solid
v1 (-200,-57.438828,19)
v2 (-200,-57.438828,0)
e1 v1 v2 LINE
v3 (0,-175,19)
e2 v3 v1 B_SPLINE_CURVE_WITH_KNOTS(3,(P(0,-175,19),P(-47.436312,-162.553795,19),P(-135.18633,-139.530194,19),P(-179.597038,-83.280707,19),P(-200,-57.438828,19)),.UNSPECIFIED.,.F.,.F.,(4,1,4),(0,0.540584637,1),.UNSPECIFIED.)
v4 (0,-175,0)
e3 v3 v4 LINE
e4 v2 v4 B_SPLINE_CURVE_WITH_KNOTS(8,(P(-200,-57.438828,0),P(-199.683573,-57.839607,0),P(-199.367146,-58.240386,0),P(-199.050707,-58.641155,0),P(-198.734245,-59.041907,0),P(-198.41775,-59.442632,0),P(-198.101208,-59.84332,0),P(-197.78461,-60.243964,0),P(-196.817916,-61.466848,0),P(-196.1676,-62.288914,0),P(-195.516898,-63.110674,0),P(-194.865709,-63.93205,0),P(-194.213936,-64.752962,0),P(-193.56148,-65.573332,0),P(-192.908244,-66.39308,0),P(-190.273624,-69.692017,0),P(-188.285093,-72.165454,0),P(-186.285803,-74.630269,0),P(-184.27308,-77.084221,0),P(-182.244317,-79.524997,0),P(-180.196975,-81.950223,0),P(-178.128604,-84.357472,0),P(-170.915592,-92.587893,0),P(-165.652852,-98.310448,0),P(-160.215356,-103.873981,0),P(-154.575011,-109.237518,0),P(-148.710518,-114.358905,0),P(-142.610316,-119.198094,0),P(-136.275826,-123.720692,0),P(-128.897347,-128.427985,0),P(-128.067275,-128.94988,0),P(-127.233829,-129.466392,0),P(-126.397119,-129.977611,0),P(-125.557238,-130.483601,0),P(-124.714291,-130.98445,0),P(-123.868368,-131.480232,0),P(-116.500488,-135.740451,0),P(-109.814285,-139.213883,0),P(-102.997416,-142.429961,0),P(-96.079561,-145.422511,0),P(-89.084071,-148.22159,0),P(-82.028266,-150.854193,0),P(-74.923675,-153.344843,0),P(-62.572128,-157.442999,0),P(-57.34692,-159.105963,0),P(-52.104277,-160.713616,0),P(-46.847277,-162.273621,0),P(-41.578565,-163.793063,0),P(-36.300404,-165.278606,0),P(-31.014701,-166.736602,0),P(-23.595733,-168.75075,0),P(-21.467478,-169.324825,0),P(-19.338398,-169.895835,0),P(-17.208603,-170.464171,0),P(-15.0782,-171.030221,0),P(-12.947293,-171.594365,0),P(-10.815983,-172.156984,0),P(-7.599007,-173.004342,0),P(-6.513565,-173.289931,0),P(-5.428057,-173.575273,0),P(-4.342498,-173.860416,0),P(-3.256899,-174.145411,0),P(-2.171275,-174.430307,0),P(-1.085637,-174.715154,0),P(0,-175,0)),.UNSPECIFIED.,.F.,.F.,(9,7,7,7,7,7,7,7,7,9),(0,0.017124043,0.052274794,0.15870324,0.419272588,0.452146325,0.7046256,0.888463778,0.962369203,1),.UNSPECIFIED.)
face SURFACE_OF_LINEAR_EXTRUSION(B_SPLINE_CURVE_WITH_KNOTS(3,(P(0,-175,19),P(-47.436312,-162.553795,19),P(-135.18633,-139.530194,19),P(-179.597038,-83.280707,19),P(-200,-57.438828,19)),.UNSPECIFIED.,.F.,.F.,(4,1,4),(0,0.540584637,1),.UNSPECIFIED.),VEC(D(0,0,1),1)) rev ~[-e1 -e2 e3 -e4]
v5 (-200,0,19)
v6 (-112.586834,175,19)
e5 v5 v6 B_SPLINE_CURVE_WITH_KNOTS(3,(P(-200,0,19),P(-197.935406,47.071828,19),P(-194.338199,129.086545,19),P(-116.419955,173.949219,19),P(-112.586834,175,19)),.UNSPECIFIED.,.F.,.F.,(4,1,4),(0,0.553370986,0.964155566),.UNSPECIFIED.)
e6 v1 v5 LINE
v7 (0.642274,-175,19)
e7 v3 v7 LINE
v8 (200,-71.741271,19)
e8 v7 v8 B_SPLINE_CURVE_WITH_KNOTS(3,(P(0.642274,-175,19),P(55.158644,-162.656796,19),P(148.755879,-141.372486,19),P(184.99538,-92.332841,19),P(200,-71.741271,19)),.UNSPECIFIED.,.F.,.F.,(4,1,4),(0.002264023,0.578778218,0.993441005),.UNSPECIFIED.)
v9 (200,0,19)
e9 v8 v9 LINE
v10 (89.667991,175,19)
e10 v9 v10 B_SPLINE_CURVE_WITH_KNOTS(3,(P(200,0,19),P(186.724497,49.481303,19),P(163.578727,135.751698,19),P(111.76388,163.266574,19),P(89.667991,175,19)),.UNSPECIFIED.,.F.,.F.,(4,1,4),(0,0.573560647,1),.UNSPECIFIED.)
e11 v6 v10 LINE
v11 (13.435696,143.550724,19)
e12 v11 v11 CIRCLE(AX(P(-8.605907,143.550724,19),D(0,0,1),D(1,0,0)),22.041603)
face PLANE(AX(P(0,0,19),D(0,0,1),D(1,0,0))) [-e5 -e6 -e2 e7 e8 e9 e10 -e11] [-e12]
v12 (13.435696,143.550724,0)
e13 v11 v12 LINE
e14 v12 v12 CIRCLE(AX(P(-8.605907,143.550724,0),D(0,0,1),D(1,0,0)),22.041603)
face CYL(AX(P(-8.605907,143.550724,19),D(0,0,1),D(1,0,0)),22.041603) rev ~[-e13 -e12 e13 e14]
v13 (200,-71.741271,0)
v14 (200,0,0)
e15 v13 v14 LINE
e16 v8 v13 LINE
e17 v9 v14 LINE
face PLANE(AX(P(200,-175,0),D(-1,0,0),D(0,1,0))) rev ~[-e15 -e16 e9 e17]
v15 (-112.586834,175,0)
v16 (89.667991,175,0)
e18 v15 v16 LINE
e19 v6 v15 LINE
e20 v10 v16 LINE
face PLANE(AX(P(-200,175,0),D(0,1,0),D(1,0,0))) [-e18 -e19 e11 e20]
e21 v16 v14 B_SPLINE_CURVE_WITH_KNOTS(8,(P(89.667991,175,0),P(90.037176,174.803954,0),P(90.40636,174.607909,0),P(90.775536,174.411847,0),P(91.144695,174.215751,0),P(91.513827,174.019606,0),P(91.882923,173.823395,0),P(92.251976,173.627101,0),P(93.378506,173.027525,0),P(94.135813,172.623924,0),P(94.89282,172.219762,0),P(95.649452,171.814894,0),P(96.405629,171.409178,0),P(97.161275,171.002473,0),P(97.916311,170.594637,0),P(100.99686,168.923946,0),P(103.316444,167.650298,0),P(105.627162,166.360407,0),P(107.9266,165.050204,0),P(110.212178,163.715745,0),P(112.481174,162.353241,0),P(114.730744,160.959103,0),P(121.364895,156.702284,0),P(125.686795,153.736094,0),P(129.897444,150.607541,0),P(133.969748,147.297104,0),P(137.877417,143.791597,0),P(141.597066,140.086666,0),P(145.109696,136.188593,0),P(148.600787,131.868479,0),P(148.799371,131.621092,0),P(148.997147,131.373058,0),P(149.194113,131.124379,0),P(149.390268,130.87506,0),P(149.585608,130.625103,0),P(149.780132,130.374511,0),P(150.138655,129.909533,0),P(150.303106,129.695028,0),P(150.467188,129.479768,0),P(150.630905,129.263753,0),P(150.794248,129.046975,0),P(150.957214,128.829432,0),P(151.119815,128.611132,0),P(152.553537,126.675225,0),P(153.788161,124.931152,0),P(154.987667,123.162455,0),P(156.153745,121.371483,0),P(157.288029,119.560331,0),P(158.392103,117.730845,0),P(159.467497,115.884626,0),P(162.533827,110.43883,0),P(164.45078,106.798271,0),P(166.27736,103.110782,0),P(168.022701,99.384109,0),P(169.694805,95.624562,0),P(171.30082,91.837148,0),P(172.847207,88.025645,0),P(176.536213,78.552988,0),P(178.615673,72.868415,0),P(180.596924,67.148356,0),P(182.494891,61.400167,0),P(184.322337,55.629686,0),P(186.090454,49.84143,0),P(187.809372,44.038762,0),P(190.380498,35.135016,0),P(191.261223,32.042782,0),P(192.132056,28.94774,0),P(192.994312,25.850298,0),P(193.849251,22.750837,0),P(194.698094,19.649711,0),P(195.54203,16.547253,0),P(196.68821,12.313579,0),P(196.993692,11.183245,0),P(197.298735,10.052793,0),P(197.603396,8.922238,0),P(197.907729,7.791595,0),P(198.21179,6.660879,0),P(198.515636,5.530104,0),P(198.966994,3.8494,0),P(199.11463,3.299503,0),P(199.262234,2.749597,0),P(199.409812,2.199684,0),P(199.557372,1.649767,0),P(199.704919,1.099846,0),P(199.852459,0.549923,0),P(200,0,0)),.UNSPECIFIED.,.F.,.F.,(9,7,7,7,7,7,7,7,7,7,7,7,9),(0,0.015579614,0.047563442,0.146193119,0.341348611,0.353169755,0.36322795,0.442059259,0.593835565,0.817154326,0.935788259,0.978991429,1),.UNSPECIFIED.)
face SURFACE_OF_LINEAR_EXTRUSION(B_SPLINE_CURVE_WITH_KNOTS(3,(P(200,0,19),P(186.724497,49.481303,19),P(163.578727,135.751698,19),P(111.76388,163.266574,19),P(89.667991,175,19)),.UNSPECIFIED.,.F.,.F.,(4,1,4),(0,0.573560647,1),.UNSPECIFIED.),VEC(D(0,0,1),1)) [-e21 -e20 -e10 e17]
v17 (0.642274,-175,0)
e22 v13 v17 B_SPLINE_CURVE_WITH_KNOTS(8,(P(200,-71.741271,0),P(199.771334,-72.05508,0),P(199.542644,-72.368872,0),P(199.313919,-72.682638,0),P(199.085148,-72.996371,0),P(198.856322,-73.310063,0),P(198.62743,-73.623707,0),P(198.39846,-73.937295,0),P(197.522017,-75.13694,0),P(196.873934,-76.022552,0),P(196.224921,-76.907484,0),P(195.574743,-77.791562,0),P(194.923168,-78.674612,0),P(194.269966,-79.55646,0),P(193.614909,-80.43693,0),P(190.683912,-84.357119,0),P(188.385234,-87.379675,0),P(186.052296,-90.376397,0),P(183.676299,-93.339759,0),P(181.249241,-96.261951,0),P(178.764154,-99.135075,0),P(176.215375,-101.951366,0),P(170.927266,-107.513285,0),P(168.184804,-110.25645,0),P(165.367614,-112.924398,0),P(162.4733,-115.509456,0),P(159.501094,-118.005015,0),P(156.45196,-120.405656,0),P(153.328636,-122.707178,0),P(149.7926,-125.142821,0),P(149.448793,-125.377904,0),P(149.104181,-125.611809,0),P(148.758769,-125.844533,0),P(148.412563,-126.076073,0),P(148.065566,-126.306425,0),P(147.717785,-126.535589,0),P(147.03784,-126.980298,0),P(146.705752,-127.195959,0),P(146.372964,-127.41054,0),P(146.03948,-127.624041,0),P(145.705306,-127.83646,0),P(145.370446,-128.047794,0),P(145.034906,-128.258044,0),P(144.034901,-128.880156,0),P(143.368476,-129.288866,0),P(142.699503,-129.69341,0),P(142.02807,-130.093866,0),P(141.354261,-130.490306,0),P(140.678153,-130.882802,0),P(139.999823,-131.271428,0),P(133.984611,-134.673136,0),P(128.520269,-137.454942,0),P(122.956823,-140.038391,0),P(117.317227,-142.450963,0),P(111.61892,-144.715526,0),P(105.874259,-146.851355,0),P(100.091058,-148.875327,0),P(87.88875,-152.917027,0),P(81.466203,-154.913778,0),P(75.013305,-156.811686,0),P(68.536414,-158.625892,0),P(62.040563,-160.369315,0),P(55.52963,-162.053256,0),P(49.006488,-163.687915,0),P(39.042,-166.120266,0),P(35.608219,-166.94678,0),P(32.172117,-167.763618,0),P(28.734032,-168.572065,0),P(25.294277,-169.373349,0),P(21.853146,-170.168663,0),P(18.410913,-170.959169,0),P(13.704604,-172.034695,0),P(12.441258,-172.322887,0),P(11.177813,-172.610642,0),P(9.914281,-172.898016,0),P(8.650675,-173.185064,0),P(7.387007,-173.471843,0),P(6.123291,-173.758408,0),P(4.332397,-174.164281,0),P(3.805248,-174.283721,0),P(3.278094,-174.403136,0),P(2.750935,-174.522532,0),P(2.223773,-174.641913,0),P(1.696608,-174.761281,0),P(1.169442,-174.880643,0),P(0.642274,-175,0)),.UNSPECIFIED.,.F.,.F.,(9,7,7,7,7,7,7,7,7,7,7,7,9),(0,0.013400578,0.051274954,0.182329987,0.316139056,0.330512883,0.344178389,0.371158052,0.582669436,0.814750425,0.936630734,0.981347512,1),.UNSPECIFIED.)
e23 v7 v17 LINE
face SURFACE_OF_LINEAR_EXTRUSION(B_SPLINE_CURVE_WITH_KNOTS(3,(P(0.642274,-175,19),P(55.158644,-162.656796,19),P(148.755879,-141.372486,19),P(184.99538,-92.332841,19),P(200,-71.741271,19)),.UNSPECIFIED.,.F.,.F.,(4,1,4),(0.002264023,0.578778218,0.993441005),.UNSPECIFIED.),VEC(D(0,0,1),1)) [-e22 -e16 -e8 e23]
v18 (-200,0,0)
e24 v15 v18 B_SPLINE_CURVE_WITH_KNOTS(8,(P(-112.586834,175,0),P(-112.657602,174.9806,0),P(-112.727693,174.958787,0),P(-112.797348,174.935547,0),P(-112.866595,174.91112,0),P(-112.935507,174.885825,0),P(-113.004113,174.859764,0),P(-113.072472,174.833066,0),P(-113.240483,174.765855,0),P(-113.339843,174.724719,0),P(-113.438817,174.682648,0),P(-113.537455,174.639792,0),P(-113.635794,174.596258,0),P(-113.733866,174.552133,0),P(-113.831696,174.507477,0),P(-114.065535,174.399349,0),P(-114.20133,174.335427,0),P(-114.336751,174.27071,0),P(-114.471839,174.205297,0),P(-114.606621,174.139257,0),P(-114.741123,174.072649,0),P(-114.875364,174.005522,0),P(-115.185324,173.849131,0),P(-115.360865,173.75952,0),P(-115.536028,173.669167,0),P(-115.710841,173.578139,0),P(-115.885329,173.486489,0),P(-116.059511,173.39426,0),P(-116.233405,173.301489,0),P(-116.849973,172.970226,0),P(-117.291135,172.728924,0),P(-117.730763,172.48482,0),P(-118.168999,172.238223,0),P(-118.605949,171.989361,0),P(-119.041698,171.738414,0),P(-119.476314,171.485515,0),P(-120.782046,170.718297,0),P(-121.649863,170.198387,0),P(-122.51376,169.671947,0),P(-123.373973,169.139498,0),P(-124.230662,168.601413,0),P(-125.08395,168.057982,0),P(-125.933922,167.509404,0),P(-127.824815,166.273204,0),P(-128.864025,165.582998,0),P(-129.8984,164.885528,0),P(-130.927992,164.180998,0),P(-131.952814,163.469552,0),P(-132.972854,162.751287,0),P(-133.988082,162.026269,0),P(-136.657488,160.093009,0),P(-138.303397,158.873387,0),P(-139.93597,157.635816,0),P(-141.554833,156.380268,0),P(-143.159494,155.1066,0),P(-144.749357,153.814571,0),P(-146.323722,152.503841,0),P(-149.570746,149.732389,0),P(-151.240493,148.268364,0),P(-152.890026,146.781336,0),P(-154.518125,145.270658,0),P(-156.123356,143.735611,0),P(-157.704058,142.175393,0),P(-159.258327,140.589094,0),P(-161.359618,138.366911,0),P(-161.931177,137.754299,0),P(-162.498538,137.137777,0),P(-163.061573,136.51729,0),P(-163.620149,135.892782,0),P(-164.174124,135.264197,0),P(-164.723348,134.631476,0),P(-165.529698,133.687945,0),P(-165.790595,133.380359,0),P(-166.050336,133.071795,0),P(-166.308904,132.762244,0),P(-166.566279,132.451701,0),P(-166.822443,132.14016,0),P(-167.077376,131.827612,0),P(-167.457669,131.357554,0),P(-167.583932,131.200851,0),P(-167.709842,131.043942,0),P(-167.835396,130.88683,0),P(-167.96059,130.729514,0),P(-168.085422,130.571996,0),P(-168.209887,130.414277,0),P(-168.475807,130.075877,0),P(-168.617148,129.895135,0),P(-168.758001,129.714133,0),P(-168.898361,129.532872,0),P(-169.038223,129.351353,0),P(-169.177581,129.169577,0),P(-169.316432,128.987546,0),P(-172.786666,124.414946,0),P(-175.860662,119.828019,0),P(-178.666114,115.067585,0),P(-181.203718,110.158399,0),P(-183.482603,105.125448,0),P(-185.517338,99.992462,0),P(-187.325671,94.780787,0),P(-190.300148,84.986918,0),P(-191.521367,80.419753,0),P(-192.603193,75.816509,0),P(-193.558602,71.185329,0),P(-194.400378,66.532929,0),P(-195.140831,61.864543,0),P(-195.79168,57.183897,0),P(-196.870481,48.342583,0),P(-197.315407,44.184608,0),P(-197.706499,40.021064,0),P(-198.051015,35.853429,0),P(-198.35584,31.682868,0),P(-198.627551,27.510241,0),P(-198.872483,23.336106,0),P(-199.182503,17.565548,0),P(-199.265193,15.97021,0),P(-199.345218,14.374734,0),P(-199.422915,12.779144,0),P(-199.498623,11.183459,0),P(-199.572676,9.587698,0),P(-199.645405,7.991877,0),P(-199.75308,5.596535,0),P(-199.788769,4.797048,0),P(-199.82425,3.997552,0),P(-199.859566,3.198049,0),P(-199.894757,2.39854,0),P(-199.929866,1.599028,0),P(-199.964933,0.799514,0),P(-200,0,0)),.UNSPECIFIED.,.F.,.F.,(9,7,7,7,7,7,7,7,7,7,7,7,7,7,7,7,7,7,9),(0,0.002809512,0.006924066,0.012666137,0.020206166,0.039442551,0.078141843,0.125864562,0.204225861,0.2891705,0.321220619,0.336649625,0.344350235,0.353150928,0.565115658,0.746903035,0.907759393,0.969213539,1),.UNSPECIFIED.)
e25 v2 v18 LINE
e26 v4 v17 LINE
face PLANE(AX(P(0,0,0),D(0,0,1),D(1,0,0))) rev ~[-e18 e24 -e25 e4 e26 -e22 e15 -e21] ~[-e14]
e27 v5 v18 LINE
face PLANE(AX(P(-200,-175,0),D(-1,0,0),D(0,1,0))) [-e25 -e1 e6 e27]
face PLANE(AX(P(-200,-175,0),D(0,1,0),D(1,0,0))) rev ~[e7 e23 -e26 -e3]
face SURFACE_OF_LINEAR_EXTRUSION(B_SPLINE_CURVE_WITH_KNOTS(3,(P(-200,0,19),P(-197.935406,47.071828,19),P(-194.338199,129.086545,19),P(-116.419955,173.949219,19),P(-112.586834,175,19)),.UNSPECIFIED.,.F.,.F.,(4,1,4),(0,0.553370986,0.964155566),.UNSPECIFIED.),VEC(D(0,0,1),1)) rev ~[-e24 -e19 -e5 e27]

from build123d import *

# Parameters (mm, degrees)
F0_W      = 400
F0_H      = 350
F1_DEPTH  = 19
F3_DEPTH  = 19.001
F5_DEPTH  = 19.0010001
F8_DEPTH  = 19.0010001
F9_R      = 22.041602622
F10_DEPTH = 19.0010001


with BuildPart() as f1:
    # F0 (on Top) → F1 (new body)
    with BuildSketch(Plane.XY):
        Rectangle(F0_W, F0_H)
    extrude(amount=F1_DEPTH)

    # F2 (on face) → F3 (cut, through all)
    with BuildSketch(Plane.XY.offset(19)):
        with BuildLine():
            Line((-200, 175), (-200, 0))
            add(Edge.make_bspline(
                [(-200, 0), (-197.9354059876, 47.0718279126), (-194.3381993041, 129.0865450701), (-116.4199550867, 173.9492192316), (-112.5868335366, 175)],
                knots=[0, 0, 0, 0, 0.5533709859, 0.9641555662, 0.9641555662, 0.9641555662, 0.9641555662], degree=3))
            Line((-112.5868335366, 175), (-200, 175))
        make_face()
    extrude(amount=-F3_DEPTH, mode=Mode.SUBTRACT)

    # F4 (on face) → F5 (cut, through all)
    with BuildSketch(Plane.XY.offset(19)):
        with BuildLine():
            add(Edge.make_bspline(
                [(200, 0), (186.7244970993, 49.4813033152), (163.5787269472, 135.7516978857), (111.7638804337, 163.2665740198), (89.6679908037, 175)],
                knots=[0, 0, 0, 0, 0.5735606469, 1, 1, 1, 1], degree=3))
            Line((200, 0), (200, 175))
            Line((200, 175), (89.6679908037, 175))
        make_face()
    extrude(amount=-F5_DEPTH, mode=Mode.SUBTRACT)

    # F6 (on face) + F7 (on face) → F8 (cut, through all)
    with BuildSketch(Plane.XY.offset(19)):
        with BuildLine():
            Line((-200, -175), (0, -175))
            add(Edge.make_bspline(
                [(0, -175), (-47.4363116832, -162.5537951207), (-135.1863297266, -139.5301943393), (-179.5970382425, -83.2807067772), (-200, -57.4388280511)],
                knots=[0, 0, 0, 0, 0.5405846374, 1, 1, 1, 1], degree=3))
            Line((-200, -57.4388280511), (-200, -175))
        make_face()
    with BuildSketch(Plane.XY.offset(19)):
        with BuildLine():
            add(Edge.make_bspline(
                [(0.6422742583, -175), (55.1586444169, -162.6567958418), (148.7558794279, -141.3724859979), (184.9953796241, -92.3328411017), (200, -71.7412712825)],
                knots=[0.0022640226, 0.0022640226, 0.0022640226, 0.0022640226, 0.5787782178, 0.9934410048, 0.9934410048, 0.9934410048, 0.9934410048], degree=3))
            Line((0.6422742583, -175), (200, -175))
            Line((200, -175), (200, -71.7412712825))
        make_face()
    extrude(amount=-F8_DEPTH, mode=Mode.SUBTRACT)

    # F9 (on face) → F10 (cut, through all)
    with BuildSketch(Plane.XY.offset(19)):
        with Locations((-8.6059067398, 143.5507237911)):
            Circle(F9_R)
    extrude(amount=-F10_DEPTH, mode=Mode.SUBTRACT)


solid = f1.part
